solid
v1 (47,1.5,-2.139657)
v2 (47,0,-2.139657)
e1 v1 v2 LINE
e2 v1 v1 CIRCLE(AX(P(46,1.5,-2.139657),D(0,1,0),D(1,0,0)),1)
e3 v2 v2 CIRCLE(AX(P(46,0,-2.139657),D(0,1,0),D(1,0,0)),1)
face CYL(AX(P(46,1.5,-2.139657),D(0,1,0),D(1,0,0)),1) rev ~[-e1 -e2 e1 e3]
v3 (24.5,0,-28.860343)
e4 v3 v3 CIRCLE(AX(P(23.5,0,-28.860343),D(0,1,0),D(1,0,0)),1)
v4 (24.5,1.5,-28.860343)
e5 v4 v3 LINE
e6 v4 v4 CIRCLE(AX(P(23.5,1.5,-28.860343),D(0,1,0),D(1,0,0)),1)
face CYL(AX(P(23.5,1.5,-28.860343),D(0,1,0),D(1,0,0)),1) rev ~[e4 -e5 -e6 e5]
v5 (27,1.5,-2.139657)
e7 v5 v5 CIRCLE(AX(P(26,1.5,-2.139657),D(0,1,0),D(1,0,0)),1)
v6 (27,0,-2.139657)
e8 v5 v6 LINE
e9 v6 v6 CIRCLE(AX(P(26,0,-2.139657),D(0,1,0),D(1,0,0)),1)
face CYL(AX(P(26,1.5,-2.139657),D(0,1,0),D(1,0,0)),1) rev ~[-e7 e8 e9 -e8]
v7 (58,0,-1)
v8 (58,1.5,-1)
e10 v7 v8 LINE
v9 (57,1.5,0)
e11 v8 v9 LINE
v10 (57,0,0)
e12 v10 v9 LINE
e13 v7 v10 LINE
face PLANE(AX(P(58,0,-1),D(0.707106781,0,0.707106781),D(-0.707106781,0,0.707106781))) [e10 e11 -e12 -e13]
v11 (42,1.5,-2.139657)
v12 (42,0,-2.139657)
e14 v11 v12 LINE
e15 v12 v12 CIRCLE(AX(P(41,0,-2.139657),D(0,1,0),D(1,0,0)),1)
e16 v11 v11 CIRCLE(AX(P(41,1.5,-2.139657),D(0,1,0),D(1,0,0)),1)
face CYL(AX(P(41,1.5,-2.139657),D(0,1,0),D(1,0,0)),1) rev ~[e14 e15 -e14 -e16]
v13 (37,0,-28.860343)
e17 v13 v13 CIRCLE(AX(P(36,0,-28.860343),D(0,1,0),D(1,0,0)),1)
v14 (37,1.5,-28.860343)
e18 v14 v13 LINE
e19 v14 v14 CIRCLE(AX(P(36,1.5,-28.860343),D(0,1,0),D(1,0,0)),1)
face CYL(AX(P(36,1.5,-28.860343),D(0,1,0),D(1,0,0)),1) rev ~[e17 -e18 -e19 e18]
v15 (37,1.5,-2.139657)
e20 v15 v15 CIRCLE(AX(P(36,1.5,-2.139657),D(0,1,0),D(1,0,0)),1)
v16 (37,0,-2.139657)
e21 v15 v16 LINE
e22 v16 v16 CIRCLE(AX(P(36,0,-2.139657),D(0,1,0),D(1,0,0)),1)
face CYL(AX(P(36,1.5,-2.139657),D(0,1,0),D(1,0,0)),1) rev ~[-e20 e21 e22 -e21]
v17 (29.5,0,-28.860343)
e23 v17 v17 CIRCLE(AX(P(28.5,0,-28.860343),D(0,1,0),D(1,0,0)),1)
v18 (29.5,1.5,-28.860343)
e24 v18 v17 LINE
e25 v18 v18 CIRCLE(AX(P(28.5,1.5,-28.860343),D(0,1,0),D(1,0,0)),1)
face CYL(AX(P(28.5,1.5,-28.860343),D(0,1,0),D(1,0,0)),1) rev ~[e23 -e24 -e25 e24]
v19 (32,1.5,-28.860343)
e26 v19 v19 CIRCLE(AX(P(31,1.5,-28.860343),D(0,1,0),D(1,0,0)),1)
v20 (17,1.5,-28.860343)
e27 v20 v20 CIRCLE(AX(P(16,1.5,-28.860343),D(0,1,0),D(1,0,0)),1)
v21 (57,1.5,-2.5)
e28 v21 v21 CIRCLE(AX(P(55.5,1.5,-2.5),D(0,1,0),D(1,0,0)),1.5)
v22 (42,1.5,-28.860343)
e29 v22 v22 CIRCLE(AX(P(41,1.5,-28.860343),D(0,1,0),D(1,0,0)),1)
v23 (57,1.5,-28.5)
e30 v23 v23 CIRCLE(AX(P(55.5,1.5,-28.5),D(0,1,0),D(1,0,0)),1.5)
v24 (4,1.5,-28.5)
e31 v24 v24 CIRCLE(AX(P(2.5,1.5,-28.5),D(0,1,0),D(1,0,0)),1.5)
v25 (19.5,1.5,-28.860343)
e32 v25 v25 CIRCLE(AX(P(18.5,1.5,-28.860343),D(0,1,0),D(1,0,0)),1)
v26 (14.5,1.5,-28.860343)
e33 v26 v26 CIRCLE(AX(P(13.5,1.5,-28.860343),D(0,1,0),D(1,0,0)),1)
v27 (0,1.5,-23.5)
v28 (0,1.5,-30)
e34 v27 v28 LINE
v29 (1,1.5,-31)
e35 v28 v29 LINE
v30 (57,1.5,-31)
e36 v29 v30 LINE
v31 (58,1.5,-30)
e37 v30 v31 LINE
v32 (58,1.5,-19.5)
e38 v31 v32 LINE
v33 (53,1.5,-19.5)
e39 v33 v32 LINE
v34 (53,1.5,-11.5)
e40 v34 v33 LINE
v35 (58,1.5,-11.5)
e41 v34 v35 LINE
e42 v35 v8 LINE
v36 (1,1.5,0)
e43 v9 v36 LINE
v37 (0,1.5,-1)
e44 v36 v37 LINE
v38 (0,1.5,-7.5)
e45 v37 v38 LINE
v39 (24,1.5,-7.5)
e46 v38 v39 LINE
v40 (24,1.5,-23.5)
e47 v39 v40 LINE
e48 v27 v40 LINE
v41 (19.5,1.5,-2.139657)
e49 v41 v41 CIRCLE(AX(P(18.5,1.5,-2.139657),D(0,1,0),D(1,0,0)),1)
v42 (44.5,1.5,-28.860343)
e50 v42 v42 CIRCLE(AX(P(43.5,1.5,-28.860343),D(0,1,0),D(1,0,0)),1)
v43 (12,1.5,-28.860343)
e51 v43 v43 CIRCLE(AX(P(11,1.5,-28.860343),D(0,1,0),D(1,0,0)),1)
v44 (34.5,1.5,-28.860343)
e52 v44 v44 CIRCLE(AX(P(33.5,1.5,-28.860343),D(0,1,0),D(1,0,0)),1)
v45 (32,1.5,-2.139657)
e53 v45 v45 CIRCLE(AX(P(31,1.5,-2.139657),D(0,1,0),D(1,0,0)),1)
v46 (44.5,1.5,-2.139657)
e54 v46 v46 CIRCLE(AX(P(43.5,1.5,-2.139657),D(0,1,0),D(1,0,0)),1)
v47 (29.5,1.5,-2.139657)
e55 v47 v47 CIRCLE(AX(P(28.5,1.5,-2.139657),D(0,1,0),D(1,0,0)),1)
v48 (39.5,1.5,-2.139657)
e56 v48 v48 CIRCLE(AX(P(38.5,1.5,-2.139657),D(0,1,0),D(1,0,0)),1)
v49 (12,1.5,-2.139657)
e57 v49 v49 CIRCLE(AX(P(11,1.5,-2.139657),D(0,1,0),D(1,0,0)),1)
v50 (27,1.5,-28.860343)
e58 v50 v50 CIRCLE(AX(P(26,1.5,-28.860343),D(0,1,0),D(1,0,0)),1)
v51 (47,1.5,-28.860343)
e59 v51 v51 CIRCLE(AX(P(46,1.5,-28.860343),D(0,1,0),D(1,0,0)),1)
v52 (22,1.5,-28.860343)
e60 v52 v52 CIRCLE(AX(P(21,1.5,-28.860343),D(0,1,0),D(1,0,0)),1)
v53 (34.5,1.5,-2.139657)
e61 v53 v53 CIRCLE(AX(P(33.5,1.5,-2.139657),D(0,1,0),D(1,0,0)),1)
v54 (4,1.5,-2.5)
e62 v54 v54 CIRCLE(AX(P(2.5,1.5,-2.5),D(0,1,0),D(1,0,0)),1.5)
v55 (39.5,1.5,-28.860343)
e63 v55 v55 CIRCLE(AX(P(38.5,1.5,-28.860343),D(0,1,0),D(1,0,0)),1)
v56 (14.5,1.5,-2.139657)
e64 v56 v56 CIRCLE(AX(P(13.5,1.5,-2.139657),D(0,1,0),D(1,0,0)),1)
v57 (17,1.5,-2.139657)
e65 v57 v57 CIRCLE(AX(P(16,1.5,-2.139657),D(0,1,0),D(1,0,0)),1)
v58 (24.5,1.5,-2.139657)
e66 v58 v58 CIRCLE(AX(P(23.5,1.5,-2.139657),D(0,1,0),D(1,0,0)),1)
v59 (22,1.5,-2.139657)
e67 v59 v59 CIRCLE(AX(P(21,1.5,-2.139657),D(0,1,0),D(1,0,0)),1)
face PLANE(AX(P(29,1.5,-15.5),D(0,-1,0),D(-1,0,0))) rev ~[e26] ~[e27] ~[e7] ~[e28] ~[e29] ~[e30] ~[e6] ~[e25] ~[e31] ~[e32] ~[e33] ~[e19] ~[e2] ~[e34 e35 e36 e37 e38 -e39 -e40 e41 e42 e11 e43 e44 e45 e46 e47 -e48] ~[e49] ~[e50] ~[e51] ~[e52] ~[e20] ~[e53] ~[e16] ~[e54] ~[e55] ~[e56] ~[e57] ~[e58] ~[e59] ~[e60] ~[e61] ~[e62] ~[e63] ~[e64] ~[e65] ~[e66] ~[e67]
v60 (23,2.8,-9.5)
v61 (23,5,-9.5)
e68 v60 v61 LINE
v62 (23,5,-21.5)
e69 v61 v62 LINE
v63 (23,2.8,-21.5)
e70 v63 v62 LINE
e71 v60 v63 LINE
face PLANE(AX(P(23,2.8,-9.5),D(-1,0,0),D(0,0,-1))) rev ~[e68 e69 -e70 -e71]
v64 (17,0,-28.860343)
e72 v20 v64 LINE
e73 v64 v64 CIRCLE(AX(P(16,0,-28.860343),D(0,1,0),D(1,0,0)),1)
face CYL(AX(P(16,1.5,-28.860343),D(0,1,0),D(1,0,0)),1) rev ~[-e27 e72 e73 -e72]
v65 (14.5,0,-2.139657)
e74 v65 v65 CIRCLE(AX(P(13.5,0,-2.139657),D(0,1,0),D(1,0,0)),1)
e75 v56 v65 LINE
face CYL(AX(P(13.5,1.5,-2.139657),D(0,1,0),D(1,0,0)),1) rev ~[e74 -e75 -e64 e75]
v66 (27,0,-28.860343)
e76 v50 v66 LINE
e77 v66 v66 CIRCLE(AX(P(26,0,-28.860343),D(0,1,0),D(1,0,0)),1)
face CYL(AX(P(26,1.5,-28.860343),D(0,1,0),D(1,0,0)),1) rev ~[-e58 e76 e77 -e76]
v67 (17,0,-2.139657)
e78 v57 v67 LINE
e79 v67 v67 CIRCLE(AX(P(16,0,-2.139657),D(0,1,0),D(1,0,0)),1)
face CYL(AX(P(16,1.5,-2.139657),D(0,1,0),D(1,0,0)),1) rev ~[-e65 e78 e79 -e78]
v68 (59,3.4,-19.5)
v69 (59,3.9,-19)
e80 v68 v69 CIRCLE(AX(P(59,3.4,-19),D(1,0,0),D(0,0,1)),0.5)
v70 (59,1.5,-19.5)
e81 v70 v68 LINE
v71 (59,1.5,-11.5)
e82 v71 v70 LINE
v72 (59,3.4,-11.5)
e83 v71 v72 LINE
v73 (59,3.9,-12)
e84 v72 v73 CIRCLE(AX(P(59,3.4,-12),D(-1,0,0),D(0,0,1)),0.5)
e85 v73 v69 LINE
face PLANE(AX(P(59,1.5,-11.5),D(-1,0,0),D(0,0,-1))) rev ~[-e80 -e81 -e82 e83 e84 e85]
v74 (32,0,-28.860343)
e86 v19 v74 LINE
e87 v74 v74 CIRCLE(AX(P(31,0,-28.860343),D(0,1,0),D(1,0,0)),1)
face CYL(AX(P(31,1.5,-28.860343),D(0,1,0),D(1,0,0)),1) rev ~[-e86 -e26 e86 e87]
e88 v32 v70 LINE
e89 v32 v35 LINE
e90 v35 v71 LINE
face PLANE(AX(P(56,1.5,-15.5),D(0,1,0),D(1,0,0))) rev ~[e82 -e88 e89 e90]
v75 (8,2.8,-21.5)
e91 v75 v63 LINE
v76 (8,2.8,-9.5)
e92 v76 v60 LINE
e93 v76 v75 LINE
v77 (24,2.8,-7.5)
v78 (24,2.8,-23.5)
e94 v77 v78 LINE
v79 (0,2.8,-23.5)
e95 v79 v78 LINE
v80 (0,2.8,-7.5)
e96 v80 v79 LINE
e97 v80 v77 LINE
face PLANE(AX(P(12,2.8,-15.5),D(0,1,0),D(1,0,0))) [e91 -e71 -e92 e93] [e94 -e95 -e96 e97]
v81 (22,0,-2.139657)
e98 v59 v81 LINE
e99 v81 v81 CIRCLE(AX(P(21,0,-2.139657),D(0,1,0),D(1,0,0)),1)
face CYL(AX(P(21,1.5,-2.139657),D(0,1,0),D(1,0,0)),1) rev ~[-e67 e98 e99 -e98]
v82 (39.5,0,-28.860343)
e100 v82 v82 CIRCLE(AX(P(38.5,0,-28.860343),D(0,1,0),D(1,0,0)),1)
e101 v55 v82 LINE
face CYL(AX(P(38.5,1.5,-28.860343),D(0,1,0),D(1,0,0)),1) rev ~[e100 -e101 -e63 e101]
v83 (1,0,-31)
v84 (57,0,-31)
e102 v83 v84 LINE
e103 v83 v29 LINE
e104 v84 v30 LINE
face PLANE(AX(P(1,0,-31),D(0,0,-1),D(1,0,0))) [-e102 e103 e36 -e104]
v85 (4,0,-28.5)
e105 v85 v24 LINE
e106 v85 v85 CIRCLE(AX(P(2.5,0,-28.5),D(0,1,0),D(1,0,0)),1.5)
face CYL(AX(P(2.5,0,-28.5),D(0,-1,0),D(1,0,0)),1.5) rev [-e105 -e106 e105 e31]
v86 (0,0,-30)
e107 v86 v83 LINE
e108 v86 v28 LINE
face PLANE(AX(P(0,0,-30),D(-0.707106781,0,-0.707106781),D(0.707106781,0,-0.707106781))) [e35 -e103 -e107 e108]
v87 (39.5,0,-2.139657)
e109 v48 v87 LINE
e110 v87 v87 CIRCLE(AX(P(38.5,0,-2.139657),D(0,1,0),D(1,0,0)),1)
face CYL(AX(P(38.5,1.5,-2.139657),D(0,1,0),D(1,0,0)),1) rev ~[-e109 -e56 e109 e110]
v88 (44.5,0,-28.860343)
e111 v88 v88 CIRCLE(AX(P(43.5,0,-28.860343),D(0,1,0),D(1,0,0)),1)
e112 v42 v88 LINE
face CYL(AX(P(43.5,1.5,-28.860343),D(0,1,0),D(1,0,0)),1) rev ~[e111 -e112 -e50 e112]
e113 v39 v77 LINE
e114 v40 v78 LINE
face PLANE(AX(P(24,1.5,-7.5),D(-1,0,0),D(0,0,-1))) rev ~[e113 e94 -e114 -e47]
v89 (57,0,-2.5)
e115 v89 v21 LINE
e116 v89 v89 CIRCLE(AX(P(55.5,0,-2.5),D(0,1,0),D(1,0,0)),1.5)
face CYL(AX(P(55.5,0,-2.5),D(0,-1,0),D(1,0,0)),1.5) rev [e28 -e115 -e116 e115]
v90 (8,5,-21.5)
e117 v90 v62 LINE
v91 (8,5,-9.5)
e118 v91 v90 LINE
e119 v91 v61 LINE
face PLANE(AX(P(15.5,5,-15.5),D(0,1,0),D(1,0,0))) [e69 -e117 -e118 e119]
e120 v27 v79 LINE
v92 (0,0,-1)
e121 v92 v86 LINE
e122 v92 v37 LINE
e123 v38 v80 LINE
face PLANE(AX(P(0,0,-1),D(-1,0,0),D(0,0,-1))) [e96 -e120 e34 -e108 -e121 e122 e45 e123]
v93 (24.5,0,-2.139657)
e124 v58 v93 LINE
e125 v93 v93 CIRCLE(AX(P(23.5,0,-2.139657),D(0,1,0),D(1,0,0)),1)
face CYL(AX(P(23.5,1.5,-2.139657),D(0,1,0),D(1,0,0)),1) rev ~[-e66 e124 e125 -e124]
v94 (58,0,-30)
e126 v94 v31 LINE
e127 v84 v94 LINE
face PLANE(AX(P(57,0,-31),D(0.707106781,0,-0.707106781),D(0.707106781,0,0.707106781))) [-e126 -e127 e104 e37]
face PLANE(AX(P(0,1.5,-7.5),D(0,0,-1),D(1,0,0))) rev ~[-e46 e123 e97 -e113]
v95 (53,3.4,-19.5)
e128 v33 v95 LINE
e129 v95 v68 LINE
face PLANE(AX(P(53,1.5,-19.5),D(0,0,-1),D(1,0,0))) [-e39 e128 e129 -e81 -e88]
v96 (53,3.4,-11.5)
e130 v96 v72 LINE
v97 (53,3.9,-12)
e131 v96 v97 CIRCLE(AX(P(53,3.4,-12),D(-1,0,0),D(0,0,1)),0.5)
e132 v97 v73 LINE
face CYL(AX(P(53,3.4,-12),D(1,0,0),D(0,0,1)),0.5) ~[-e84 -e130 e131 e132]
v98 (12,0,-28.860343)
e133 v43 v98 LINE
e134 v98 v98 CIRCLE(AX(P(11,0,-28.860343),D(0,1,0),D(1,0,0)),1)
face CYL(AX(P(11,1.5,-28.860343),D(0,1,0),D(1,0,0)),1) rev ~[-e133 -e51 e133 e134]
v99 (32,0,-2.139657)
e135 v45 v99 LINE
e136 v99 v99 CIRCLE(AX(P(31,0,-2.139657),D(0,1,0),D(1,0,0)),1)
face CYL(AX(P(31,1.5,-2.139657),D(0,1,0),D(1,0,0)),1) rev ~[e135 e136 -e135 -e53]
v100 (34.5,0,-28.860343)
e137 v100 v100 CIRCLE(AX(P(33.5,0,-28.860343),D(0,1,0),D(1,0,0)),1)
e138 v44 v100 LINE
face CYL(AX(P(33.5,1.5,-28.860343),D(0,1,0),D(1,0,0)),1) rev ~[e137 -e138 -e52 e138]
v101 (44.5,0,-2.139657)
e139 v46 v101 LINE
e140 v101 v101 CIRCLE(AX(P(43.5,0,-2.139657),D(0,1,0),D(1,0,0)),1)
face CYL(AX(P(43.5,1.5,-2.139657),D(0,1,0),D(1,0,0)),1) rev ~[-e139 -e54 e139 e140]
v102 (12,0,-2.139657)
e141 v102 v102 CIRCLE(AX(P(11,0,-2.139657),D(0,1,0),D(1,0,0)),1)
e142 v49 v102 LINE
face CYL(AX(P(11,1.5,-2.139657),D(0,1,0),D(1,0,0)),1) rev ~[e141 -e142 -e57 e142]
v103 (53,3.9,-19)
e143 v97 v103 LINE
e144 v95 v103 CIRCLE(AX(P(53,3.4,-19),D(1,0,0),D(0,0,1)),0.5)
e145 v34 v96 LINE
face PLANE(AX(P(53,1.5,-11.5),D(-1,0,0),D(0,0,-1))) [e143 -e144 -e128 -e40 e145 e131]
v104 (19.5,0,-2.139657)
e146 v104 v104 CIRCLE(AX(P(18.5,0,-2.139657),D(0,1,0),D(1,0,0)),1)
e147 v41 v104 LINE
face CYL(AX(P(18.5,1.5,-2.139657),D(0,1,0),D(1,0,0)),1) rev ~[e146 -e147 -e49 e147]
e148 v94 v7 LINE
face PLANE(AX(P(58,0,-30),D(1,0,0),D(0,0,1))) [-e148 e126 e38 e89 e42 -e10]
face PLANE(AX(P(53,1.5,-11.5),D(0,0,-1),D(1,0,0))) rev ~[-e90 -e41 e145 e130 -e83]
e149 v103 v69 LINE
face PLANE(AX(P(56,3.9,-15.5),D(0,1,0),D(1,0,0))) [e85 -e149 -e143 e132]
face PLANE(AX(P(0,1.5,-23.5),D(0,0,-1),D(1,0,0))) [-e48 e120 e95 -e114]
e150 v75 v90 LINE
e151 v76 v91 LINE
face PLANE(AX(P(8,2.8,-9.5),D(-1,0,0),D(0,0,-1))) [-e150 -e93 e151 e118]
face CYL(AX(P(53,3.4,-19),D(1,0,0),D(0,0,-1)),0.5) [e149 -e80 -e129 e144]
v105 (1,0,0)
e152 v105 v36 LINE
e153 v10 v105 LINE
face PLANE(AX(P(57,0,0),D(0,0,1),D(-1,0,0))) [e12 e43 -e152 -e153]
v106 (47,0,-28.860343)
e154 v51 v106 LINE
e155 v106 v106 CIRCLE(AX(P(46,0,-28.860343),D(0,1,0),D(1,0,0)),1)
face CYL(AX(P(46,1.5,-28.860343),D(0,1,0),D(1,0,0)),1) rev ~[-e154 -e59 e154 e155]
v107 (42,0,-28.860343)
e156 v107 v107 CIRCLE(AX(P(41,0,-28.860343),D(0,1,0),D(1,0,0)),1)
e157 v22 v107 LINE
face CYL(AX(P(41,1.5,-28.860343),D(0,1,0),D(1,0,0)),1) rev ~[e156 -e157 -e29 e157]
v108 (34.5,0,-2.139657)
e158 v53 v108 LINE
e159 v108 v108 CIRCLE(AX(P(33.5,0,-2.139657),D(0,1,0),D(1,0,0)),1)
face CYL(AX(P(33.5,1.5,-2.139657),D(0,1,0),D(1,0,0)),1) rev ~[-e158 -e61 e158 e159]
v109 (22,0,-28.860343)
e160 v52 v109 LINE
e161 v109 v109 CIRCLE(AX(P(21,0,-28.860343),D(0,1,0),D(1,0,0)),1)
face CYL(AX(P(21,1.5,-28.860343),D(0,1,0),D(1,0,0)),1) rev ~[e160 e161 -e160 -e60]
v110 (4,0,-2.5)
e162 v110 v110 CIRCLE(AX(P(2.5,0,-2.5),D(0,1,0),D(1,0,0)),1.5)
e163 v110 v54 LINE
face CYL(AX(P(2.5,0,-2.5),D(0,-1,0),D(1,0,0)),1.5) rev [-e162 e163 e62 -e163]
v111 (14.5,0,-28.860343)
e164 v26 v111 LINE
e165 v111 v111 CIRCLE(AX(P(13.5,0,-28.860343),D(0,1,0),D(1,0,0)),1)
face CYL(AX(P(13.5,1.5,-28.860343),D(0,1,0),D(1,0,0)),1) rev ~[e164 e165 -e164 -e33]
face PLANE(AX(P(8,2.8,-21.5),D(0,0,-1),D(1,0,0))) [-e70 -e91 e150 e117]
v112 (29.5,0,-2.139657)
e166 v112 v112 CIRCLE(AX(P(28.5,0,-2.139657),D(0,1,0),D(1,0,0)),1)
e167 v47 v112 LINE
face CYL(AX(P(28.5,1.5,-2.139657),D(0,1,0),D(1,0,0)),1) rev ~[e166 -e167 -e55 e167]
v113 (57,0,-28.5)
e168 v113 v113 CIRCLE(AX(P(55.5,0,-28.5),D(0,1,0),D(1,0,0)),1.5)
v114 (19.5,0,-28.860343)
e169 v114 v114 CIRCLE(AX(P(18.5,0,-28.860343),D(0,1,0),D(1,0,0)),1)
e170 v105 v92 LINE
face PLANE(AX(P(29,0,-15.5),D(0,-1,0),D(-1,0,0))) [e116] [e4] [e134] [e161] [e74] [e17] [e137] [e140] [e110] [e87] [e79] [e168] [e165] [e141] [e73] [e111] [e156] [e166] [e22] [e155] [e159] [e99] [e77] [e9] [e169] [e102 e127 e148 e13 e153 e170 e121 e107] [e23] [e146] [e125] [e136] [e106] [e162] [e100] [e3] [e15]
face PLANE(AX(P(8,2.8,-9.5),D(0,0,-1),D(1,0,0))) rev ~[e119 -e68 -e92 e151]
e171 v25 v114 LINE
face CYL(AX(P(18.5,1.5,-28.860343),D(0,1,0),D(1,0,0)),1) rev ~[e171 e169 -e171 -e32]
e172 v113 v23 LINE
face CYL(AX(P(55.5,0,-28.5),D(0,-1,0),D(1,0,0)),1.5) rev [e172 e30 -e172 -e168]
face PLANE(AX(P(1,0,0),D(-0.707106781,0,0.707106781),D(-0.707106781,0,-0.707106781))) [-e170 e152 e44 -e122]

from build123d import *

# Parameters (mm, degrees)
SKETCH1_R           = 1.5
BOSS_EXTRUDE1_DEPTH = 1.5
SKETCH2_W           = 24
SKETCH2_H           = 16
BOSS_EXTRUDE2_DEPTH = 1.3
SKETCH3_W           = 15
SKETCH3_H           = 12
BOSS_EXTRUDE3_DEPTH = 2.2
SKETCH4_R           = 1
CUT_EXTRUDE1_DEPTH  = 2.5
SKETCH5_W           = 6
SKETCH5_H           = 8
BOSS_EXTRUDE4_DEPTH = 2.4
FILLET1_R           = 0.5


with BuildPart() as part:
    # Sketch1 → Boss-Extrude1 (new body)
    with BuildSketch(Plane(origin=(0, 0, 0), x_dir=(1, 0, 0), z_dir=(0, 1, 0))):
        Polygon((0, 30), (1, 31), (57, 31), (58, 30), (58, 1), (57, 0), (1, 0), (0, 1), align=None)
        with Locations((2.5, 28.5)):
            Circle(SKETCH1_R, mode=Mode.SUBTRACT)
        with Locations((2.5, 2.5)):
            Circle(SKETCH1_R, mode=Mode.SUBTRACT)
        with Locations((55.5, 28.5)):
            Circle(SKETCH1_R, mode=Mode.SUBTRACT)
        with Locations((55.5, 2.5)):
            Circle(SKETCH1_R, mode=Mode.SUBTRACT)
    extrude(amount=BOSS_EXTRUDE1_DEPTH)

    # Sketch2 → Boss-Extrude2 (add)
    with BuildSketch(Plane(origin=(0, 1.5, 0), x_dir=(1, 0, 0), z_dir=(0, 1, 0))):
        with Locations((12, 15.5)):
            Rectangle(SKETCH2_W, SKETCH2_H)
    extrude(amount=BOSS_EXTRUDE2_DEPTH)

    # Sketch3 → Boss-Extrude3 (add)
    with BuildSketch(Plane(origin=(0, 2.8, 0), x_dir=(1, 0, 0), z_dir=(0, 1, 0))):
        with Locations((15.5, 15.5)):
            Rectangle(SKETCH3_W, SKETCH3_H)
    extrude(amount=BOSS_EXTRUDE3_DEPTH)

    # Sketch4 → Cut-Extrude1 (cut, through all)
    with BuildSketch(Plane(origin=(0, 1.5, 0), x_dir=(1, 0, 0), z_dir=(0, 1, 0))):
        with Locations((11, 2.139657304)):
            Circle(SKETCH4_R)
        with Locations((13.5, 2.139657304)):
            Circle(SKETCH4_R)
        with Locations((16, 2.139657304)):
            Circle(SKETCH4_R)
        with Locations((18.5, 2.139657304)):
            Circle(SKETCH4_R)
        with Locations((21, 2.139657304)):
            Circle(SKETCH4_R)
        with Locations((23.5, 2.139657304)):
            Circle(SKETCH4_R)
        with Locations((26, 2.139657304)):
            Circle(SKETCH4_R)
        with Locations((28.5, 2.139657304)):
            Circle(SKETCH4_R)
        with Locations((31, 2.139657304)):
            Circle(SKETCH4_R)
        with Locations((33.5, 2.139657304)):
            Circle(SKETCH4_R)
        with Locations((36, 2.139657304)):
            Circle(SKETCH4_R)
        with Locations((38.5, 2.139657304)):
            Circle(SKETCH4_R)
        with Locations((41, 2.139657304)):
            Circle(SKETCH4_R)
        with Locations((43.5, 2.139657304)):
            Circle(SKETCH4_R)
        with Locations((46, 2.139657304)):
            Circle(SKETCH4_R)
        with Locations((46, 28.860342696)):
            Circle(SKETCH4_R)
        with Locations((43.5, 28.860342696)):
            Circle(SKETCH4_R)
        with Locations((41, 28.860342696)):
            Circle(SKETCH4_R)
        with Locations((38.5, 28.860342696)):
            Circle(SKETCH4_R)
        with Locations((36, 28.860342696)):
            Circle(SKETCH4_R)
        with Locations((33.5, 28.860342696)):
            Circle(SKETCH4_R)
        with Locations((31, 28.860342696)):
            Circle(SKETCH4_R)
        with Locations((28.5, 28.860342696)):
            Circle(SKETCH4_R)
        with Locations((26, 28.860342696)):
            Circle(SKETCH4_R)
        with Locations((23.5, 28.860342696)):
            Circle(SKETCH4_R)
        with Locations((21, 28.860342696)):
            Circle(SKETCH4_R)
        with Locations((18.5, 28.860342696)):
            Circle(SKETCH4_R)
        with Locations((16, 28.860342696)):
            Circle(SKETCH4_R)
        with Locations((13.5, 28.860342696)):
            Circle(SKETCH4_R)
        with Locations((11, 28.860342696)):
            Circle(SKETCH4_R)
    extrude(amount=-CUT_EXTRUDE1_DEPTH, mode=Mode.SUBTRACT)

    # Sketch5 → Boss-Extrude4 (add)
    with BuildSketch(Plane(origin=(0, 1.5, 0), x_dir=(1, 0, 0), z_dir=(0, 1, 0))):
        with Locations((56, 15.5)):
            Rectangle(SKETCH5_W, SKETCH5_H)
    extrude(amount=BOSS_EXTRUDE4_DEPTH)

    # Fillet1
    fillet1_edges = [part.edges().sort_by_distance(p)[0] for p in [
        (56, 3.9, -11.5),
        (56, 3.9, -19.5),
    ]]
    fillet(fillet1_edges, radius=FILLET1_R)


solid = part.part
